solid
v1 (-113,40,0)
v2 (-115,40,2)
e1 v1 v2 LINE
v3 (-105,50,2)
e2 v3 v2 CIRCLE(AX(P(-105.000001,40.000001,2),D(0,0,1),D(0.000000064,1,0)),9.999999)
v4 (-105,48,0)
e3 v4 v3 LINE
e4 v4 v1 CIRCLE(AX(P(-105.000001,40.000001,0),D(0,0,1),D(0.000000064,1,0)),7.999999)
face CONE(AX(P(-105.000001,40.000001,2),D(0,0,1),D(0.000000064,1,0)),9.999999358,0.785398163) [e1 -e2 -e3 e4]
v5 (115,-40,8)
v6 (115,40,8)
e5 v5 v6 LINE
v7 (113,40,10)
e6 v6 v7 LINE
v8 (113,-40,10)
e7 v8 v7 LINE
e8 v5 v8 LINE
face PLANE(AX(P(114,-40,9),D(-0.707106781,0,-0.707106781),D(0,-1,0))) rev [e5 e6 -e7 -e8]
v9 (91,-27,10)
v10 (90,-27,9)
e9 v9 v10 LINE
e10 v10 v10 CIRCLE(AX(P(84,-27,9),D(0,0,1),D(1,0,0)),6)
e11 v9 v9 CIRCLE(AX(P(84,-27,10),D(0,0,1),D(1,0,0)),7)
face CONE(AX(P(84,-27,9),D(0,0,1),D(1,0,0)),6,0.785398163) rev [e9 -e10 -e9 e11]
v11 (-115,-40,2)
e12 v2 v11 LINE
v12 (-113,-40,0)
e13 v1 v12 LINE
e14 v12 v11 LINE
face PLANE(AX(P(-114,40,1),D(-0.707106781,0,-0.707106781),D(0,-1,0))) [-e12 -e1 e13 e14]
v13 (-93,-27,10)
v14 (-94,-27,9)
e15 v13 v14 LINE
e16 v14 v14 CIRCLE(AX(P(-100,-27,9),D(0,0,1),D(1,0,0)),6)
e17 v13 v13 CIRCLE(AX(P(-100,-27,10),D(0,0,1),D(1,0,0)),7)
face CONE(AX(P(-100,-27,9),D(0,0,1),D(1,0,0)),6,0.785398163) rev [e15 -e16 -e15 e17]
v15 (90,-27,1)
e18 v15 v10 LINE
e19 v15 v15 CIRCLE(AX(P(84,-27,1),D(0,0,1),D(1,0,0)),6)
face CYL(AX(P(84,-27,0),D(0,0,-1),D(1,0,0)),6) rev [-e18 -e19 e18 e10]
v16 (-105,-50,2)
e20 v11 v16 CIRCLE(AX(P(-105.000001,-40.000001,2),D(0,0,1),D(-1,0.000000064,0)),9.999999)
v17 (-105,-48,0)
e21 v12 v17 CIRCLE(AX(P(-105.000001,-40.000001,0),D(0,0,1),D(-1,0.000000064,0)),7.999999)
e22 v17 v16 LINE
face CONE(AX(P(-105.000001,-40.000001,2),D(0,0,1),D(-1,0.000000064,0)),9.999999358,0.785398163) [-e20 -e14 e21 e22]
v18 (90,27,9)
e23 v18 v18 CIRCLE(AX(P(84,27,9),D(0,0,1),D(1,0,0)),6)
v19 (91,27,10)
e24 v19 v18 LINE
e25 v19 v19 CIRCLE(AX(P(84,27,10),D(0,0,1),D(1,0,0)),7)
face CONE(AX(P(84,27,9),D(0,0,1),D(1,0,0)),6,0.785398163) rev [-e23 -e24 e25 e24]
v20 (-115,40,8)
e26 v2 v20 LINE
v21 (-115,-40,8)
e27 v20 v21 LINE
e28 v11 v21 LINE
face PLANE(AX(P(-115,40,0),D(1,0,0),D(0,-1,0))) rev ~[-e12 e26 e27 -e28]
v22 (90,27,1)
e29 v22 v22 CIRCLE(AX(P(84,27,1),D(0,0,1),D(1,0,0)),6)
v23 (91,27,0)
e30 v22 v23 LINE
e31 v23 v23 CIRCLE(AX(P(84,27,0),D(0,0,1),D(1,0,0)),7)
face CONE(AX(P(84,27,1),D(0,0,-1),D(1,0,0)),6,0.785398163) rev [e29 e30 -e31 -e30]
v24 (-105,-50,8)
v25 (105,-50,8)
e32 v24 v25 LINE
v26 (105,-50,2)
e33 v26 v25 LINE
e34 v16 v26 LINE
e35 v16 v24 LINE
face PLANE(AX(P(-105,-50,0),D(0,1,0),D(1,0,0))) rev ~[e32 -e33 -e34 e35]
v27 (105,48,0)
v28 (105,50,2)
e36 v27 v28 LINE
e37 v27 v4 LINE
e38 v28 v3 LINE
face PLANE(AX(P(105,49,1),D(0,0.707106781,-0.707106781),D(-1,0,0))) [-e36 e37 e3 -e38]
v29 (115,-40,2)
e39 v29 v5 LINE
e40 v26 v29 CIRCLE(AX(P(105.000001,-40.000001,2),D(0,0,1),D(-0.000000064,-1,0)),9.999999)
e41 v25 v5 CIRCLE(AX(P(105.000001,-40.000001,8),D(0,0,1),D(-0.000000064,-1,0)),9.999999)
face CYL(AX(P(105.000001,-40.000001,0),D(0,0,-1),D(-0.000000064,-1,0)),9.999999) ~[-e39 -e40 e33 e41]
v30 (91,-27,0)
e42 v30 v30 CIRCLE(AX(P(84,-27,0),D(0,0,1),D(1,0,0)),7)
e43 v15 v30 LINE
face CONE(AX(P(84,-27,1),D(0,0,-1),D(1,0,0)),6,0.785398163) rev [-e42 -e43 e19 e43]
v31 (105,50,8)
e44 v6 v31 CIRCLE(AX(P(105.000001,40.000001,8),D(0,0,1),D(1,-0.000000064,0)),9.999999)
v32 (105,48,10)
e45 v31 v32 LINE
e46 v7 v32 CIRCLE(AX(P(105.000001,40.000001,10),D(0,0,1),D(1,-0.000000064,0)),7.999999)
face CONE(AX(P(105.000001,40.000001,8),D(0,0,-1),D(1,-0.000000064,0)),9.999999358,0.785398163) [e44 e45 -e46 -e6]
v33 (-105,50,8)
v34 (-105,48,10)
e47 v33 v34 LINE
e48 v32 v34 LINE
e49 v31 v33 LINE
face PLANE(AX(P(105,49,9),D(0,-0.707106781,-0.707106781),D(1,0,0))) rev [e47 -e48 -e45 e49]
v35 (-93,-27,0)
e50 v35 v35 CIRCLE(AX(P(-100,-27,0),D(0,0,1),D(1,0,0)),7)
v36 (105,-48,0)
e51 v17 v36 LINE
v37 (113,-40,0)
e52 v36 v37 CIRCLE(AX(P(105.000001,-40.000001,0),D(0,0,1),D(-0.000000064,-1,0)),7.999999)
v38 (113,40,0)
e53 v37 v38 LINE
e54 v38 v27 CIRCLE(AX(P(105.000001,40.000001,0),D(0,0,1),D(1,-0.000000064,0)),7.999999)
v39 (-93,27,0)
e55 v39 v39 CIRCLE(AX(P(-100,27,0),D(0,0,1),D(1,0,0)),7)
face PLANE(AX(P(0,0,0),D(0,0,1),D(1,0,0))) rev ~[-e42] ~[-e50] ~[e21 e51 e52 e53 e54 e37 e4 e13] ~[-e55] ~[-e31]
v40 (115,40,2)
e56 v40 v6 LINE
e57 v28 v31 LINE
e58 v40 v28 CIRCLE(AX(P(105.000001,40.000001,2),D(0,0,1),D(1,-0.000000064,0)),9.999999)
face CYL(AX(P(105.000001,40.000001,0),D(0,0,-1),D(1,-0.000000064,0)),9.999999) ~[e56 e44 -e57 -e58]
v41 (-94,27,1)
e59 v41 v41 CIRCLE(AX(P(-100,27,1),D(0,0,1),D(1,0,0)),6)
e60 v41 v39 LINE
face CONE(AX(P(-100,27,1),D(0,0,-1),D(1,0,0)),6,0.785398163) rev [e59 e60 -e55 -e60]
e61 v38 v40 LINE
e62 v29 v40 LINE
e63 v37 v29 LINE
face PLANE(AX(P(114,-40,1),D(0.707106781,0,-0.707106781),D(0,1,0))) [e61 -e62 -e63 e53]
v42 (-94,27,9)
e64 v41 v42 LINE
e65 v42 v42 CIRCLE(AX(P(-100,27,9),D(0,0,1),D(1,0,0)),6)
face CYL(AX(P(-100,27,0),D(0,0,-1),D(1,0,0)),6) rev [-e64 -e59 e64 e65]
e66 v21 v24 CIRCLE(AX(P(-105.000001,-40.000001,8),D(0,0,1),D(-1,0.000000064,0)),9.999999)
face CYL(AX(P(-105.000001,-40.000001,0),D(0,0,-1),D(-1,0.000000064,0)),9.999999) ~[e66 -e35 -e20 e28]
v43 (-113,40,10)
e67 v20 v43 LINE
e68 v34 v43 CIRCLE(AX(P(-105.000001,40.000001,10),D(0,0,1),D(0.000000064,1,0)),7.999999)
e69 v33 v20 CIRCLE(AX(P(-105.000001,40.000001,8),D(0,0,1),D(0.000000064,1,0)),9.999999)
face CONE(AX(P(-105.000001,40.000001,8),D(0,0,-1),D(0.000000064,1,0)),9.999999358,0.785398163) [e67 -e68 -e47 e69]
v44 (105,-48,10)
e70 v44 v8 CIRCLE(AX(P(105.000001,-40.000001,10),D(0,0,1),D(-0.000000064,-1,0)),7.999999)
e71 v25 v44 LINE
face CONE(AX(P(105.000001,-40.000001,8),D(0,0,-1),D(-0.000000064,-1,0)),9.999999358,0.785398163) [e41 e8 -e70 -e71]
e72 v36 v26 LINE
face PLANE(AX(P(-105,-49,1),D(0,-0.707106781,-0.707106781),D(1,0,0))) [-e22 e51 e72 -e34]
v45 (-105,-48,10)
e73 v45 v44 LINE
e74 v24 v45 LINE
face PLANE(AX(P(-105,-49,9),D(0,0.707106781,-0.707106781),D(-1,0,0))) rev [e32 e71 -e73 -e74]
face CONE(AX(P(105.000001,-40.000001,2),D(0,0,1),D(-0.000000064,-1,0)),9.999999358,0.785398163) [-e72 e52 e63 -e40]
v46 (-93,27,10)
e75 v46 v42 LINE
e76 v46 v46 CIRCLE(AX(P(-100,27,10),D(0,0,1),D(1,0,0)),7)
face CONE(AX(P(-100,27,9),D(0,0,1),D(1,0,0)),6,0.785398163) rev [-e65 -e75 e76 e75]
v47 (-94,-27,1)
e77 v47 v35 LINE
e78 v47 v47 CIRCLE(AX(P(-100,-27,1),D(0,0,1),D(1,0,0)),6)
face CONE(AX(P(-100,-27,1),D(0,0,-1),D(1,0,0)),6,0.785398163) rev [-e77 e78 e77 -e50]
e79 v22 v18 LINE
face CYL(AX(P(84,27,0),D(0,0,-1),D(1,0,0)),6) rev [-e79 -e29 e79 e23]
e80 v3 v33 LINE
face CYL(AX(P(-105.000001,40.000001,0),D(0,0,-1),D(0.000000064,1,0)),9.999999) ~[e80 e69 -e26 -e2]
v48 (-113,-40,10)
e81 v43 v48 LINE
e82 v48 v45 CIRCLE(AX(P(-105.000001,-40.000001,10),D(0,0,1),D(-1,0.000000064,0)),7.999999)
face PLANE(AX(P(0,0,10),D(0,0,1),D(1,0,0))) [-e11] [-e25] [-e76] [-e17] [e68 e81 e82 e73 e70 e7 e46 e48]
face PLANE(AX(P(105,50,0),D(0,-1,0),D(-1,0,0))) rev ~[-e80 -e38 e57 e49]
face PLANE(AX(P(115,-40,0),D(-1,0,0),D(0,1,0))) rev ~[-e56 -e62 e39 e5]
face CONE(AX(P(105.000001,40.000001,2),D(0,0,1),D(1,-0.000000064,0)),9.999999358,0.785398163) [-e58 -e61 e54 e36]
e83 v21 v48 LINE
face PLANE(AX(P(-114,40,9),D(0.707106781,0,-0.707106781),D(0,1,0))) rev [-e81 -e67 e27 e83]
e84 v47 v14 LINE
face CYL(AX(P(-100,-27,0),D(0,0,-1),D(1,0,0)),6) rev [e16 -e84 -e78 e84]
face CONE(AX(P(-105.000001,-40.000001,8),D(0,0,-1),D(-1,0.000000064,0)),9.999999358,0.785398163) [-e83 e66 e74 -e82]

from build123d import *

# Parameters (mm, degrees)
F0_R     = 6
F1_DEPTH = 10
F2_SIZE  = 2
F3_SIZE  = 2
F4_SIZE  = 1
F5_SIZE  = 1


with BuildPart() as f1:
    # F0 (on Top) → F1 (new body)
    with BuildSketch(Plane.XY):
        with BuildLine():
            ThreePointArc((115, 40), (112.071068, 47.071068), (105, 50))
            Line((105, 50), (-105, 50))
            ThreePointArc((-105, 50), (-112.071068, 47.071068), (-115, 40))
            Line((-115, 40), (-115, -40))
            ThreePointArc((-115, -40), (-112.071068, -47.071068), (-105, -50))
            Line((-105, -50), (105, -50))
            ThreePointArc((105, -50), (112.071068, -47.071068), (115, -40))
            Line((115, -40), (115, 40))
        make_face()
        with Locations((-100, -27)):
            Circle(F0_R, mode=Mode.SUBTRACT)
        with Locations((84, -27)):
            Circle(F0_R, mode=Mode.SUBTRACT)
        with Locations((-100, 27)):
            Circle(F0_R, mode=Mode.SUBTRACT)
        with Locations((84, 27)):
            Circle(F0_R, mode=Mode.SUBTRACT)
    extrude(amount=F1_DEPTH)

    # F2
    f2_edges = [f1.edges().sort_by_distance(p)[0] for p in [
        (0, -50, 10),
    ]]
    chamfer(f2_edges, length=F2_SIZE)

    # F3
    f3_edges = [f1.edges().sort_by_distance(p)[0] for p in [
        (0, -50, 0),
    ]]
    chamfer(f3_edges, length=F3_SIZE)

    # F4
    f4_edges = [f1.edges().sort_by_distance(p)[0] for p in [
        (-106, -27, 10),
        (-106, 27, 10),
        (78, 27, 10),
        (78, -27, 10),
    ]]
    chamfer(f4_edges, length=F4_SIZE)

    # F5
    f5_edges = [f1.edges().sort_by_distance(p)[0] for p in [
        (78, -27, 0),
        (78, 27, 0),
        (-106, -27, 0),
        (-106, 27, 0),
    ]]
    chamfer(f5_edges, length=F5_SIZE)


solid = f1.part
